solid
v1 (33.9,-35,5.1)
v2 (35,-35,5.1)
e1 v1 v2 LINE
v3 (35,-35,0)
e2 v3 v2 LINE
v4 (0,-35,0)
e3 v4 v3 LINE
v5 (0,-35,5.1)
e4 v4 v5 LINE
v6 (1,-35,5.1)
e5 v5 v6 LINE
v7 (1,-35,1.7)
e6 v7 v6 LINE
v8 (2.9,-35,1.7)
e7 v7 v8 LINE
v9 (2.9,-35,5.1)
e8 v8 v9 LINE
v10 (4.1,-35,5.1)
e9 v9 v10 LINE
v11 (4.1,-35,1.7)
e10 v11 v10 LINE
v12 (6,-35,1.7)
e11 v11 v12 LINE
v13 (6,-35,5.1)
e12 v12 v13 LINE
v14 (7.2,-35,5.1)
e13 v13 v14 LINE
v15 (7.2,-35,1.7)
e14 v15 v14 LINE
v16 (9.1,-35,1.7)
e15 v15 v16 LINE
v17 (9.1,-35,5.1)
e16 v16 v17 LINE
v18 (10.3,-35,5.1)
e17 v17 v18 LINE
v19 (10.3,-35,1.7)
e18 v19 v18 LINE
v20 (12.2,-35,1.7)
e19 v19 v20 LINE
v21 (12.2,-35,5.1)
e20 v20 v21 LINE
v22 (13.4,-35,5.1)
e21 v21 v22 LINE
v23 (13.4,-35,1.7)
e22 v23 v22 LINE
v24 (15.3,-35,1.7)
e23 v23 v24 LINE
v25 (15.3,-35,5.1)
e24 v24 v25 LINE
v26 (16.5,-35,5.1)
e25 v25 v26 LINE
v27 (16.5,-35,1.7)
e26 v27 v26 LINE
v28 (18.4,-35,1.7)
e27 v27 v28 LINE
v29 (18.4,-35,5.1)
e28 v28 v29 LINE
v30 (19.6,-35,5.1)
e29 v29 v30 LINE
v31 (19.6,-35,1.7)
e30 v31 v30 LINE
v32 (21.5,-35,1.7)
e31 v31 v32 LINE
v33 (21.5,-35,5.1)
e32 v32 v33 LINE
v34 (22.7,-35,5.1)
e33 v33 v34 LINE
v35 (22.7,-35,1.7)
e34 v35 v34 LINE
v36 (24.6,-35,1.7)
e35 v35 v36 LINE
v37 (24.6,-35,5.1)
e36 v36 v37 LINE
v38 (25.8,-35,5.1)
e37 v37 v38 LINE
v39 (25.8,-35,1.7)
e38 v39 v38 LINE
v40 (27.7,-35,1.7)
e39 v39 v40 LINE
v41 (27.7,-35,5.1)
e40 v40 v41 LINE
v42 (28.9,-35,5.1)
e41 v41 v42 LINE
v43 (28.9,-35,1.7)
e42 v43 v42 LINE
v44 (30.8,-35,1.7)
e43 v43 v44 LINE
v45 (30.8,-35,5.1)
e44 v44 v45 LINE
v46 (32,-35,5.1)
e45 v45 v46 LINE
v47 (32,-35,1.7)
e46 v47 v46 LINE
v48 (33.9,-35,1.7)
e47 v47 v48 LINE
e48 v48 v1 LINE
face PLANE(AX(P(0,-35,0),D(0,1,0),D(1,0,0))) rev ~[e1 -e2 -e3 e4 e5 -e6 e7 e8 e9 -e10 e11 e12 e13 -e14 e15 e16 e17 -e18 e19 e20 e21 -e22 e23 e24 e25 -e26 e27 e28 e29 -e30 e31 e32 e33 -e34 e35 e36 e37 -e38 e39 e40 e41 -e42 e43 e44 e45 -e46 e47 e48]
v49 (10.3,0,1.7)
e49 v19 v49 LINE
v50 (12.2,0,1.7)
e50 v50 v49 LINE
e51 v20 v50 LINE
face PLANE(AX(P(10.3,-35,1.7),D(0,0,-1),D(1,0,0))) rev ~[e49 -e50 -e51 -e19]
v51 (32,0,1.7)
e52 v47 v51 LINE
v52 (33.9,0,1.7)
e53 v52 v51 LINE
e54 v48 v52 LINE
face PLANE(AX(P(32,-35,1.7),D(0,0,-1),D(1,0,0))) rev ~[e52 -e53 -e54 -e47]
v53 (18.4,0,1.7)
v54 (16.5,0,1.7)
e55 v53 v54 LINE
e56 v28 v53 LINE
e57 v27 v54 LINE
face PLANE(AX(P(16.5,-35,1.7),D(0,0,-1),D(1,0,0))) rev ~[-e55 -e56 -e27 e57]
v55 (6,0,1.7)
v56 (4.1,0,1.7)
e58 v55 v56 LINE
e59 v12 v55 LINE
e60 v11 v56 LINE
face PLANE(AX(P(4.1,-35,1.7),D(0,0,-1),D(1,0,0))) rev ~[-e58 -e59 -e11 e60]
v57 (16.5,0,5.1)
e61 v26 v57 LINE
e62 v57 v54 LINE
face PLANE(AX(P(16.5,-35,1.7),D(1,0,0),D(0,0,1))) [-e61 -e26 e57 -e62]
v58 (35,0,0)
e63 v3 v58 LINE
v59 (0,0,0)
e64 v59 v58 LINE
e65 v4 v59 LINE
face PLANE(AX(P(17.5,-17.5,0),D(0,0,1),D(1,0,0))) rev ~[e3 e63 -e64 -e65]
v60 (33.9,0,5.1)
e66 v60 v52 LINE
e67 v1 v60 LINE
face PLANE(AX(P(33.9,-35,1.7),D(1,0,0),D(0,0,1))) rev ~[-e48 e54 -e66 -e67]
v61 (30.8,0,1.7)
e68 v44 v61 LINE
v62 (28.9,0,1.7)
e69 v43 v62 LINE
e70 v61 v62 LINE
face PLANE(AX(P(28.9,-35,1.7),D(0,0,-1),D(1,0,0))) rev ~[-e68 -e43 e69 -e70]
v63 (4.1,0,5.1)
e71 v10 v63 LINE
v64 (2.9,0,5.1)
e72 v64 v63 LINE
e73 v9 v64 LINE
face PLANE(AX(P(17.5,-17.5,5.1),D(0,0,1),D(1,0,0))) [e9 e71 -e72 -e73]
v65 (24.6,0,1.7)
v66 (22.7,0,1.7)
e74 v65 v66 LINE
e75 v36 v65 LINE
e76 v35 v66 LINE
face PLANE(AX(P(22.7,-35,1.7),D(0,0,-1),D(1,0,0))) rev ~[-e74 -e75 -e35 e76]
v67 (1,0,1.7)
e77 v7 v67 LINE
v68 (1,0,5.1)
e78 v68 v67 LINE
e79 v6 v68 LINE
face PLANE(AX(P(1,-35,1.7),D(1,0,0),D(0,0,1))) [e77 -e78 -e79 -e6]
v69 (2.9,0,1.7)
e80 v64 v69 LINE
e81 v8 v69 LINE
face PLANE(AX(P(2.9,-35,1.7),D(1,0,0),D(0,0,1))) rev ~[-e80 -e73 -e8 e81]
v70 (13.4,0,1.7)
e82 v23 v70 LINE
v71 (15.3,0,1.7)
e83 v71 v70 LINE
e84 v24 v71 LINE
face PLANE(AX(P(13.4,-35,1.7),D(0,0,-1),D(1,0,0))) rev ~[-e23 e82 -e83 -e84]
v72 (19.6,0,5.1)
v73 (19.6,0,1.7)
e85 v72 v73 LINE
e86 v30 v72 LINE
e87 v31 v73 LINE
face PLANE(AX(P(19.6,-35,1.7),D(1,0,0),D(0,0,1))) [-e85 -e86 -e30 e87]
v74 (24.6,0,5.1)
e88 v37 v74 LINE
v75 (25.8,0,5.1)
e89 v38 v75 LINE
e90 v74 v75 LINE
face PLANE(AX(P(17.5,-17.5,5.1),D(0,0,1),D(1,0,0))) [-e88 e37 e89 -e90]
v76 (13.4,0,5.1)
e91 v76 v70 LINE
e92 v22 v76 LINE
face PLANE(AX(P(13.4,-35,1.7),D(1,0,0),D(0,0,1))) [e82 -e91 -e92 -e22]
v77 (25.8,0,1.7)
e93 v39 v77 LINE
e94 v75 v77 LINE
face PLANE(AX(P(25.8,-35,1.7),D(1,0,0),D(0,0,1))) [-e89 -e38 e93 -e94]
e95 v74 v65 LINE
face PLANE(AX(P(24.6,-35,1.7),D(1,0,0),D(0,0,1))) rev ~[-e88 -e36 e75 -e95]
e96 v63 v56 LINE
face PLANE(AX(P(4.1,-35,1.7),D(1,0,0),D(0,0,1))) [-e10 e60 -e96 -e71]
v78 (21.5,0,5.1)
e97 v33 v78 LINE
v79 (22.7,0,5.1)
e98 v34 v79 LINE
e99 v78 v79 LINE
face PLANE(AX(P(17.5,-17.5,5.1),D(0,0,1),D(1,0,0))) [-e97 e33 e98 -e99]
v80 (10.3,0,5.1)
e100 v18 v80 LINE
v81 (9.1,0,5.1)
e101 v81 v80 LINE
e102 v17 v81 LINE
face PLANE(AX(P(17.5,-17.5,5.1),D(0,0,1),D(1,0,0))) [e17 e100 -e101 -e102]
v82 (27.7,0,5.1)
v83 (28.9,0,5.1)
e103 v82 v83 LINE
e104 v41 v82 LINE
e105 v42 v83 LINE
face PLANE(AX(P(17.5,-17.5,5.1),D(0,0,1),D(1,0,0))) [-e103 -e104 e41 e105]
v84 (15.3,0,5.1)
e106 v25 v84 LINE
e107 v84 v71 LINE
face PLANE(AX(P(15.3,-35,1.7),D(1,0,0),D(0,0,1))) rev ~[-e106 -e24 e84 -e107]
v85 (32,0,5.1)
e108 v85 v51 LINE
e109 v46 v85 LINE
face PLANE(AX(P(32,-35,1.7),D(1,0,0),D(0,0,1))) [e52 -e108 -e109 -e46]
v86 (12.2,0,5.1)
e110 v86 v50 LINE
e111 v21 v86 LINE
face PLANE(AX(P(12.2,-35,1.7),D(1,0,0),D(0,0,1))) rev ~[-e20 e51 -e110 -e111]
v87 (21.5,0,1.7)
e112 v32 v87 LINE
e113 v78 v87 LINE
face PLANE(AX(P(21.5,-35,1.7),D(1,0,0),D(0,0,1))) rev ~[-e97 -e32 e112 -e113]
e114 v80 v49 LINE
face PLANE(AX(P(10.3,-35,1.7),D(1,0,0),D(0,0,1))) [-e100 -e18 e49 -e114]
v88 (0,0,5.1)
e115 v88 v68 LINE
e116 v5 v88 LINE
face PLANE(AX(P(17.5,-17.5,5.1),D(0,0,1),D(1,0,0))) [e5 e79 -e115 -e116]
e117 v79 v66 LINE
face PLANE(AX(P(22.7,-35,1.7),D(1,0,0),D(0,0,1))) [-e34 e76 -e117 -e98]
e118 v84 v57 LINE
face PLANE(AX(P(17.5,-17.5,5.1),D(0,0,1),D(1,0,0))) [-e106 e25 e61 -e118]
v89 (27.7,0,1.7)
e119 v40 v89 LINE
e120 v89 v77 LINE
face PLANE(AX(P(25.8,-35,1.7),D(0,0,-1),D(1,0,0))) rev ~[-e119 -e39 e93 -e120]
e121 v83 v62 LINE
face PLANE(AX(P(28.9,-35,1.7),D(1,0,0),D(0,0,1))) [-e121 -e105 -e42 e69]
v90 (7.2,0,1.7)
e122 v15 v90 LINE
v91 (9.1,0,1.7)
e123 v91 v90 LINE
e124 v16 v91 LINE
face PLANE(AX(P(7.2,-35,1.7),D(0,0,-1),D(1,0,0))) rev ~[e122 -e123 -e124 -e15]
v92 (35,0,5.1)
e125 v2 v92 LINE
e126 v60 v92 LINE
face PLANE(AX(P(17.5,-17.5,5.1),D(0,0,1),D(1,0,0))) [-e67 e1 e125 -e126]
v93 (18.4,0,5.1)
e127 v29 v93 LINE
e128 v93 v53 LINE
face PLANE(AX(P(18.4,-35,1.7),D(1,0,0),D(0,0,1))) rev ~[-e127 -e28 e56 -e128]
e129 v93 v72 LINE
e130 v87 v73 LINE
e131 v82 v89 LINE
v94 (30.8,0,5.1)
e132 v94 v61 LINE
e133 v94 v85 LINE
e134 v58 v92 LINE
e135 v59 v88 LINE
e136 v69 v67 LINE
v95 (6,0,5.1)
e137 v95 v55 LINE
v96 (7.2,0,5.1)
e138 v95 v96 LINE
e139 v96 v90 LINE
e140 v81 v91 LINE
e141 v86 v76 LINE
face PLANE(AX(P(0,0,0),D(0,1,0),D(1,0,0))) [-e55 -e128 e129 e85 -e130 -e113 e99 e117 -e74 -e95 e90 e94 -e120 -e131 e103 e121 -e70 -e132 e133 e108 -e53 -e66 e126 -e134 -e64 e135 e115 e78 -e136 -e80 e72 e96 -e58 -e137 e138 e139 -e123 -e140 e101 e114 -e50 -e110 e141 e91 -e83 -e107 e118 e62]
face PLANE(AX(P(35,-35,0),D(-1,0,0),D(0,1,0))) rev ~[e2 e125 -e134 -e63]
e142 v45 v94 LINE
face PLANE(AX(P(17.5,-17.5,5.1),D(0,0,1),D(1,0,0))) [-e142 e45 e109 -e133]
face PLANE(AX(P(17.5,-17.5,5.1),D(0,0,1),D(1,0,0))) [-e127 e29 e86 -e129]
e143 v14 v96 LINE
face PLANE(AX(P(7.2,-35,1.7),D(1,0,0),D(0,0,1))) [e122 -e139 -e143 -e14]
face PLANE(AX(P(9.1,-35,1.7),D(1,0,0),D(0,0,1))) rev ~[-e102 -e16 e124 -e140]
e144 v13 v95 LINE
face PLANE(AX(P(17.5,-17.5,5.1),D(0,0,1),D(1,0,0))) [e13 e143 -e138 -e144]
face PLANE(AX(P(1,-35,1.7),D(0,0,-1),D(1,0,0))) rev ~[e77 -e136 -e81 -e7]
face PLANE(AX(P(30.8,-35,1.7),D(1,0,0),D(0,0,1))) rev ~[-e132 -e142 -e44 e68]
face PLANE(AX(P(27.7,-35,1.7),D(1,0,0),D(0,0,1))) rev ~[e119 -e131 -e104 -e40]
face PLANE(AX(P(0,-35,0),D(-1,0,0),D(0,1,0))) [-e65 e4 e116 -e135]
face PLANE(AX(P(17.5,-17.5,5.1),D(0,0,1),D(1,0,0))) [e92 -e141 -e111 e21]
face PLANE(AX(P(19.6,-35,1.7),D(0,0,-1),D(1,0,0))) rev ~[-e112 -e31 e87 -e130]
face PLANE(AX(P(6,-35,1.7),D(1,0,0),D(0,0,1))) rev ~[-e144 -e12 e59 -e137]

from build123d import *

# Parameters (mm, degrees)
SKETCH_1_W          = 35
SKETCH_1_H          = 35
EXTRUDE_1_DEPTH     = 5.1
SKETCH_2_W          = 1.9
SKETCH_2_H          = 3.4
CUT_EXTRUDE_1_DEPTH = 50.759521702


with BuildPart() as part:
    # 草图1 → 凸台-拉伸1 (new body)
    with BuildSketch(Plane.XY):
        with Locations((17.5, -17.5)):
            Rectangle(SKETCH_1_W, SKETCH_1_H)
    extrude(amount=EXTRUDE_1_DEPTH)

    # 草图2 → 切除-拉伸1 (cut, through all)
    with BuildSketch(Plane.XZ.offset(35)):
        with Locations((1.95, 3.4)):
            Rectangle(SKETCH_2_W, SKETCH_2_H)
        with Locations((5.05, 3.4)):
            Rectangle(SKETCH_2_W, SKETCH_2_H)
        with Locations((8.15, 3.4)):
            Rectangle(SKETCH_2_W, SKETCH_2_H)
        with Locations((11.25, 3.4)):
            Rectangle(SKETCH_2_W, SKETCH_2_H)
        with Locations((14.35, 3.4)):
            Rectangle(SKETCH_2_W, SKETCH_2_H)
        with Locations((17.45, 3.4)):
            Rectangle(SKETCH_2_W, SKETCH_2_H)
        with Locations((20.55, 3.4)):
            Rectangle(SKETCH_2_W, SKETCH_2_H)
        with Locations((23.65, 3.4)):
            Rectangle(SKETCH_2_W, SKETCH_2_H)
        with Locations((26.75, 3.4)):
            Rectangle(SKETCH_2_W, SKETCH_2_H)
        with Locations((29.85, 3.4)):
            Rectangle(SKETCH_2_W, SKETCH_2_H)
        with Locations((32.95, 3.4)):
            Rectangle(SKETCH_2_W, SKETCH_2_H)
    extrude(amount=-CUT_EXTRUDE_1_DEPTH, mode=Mode.SUBTRACT)


solid = part.part
